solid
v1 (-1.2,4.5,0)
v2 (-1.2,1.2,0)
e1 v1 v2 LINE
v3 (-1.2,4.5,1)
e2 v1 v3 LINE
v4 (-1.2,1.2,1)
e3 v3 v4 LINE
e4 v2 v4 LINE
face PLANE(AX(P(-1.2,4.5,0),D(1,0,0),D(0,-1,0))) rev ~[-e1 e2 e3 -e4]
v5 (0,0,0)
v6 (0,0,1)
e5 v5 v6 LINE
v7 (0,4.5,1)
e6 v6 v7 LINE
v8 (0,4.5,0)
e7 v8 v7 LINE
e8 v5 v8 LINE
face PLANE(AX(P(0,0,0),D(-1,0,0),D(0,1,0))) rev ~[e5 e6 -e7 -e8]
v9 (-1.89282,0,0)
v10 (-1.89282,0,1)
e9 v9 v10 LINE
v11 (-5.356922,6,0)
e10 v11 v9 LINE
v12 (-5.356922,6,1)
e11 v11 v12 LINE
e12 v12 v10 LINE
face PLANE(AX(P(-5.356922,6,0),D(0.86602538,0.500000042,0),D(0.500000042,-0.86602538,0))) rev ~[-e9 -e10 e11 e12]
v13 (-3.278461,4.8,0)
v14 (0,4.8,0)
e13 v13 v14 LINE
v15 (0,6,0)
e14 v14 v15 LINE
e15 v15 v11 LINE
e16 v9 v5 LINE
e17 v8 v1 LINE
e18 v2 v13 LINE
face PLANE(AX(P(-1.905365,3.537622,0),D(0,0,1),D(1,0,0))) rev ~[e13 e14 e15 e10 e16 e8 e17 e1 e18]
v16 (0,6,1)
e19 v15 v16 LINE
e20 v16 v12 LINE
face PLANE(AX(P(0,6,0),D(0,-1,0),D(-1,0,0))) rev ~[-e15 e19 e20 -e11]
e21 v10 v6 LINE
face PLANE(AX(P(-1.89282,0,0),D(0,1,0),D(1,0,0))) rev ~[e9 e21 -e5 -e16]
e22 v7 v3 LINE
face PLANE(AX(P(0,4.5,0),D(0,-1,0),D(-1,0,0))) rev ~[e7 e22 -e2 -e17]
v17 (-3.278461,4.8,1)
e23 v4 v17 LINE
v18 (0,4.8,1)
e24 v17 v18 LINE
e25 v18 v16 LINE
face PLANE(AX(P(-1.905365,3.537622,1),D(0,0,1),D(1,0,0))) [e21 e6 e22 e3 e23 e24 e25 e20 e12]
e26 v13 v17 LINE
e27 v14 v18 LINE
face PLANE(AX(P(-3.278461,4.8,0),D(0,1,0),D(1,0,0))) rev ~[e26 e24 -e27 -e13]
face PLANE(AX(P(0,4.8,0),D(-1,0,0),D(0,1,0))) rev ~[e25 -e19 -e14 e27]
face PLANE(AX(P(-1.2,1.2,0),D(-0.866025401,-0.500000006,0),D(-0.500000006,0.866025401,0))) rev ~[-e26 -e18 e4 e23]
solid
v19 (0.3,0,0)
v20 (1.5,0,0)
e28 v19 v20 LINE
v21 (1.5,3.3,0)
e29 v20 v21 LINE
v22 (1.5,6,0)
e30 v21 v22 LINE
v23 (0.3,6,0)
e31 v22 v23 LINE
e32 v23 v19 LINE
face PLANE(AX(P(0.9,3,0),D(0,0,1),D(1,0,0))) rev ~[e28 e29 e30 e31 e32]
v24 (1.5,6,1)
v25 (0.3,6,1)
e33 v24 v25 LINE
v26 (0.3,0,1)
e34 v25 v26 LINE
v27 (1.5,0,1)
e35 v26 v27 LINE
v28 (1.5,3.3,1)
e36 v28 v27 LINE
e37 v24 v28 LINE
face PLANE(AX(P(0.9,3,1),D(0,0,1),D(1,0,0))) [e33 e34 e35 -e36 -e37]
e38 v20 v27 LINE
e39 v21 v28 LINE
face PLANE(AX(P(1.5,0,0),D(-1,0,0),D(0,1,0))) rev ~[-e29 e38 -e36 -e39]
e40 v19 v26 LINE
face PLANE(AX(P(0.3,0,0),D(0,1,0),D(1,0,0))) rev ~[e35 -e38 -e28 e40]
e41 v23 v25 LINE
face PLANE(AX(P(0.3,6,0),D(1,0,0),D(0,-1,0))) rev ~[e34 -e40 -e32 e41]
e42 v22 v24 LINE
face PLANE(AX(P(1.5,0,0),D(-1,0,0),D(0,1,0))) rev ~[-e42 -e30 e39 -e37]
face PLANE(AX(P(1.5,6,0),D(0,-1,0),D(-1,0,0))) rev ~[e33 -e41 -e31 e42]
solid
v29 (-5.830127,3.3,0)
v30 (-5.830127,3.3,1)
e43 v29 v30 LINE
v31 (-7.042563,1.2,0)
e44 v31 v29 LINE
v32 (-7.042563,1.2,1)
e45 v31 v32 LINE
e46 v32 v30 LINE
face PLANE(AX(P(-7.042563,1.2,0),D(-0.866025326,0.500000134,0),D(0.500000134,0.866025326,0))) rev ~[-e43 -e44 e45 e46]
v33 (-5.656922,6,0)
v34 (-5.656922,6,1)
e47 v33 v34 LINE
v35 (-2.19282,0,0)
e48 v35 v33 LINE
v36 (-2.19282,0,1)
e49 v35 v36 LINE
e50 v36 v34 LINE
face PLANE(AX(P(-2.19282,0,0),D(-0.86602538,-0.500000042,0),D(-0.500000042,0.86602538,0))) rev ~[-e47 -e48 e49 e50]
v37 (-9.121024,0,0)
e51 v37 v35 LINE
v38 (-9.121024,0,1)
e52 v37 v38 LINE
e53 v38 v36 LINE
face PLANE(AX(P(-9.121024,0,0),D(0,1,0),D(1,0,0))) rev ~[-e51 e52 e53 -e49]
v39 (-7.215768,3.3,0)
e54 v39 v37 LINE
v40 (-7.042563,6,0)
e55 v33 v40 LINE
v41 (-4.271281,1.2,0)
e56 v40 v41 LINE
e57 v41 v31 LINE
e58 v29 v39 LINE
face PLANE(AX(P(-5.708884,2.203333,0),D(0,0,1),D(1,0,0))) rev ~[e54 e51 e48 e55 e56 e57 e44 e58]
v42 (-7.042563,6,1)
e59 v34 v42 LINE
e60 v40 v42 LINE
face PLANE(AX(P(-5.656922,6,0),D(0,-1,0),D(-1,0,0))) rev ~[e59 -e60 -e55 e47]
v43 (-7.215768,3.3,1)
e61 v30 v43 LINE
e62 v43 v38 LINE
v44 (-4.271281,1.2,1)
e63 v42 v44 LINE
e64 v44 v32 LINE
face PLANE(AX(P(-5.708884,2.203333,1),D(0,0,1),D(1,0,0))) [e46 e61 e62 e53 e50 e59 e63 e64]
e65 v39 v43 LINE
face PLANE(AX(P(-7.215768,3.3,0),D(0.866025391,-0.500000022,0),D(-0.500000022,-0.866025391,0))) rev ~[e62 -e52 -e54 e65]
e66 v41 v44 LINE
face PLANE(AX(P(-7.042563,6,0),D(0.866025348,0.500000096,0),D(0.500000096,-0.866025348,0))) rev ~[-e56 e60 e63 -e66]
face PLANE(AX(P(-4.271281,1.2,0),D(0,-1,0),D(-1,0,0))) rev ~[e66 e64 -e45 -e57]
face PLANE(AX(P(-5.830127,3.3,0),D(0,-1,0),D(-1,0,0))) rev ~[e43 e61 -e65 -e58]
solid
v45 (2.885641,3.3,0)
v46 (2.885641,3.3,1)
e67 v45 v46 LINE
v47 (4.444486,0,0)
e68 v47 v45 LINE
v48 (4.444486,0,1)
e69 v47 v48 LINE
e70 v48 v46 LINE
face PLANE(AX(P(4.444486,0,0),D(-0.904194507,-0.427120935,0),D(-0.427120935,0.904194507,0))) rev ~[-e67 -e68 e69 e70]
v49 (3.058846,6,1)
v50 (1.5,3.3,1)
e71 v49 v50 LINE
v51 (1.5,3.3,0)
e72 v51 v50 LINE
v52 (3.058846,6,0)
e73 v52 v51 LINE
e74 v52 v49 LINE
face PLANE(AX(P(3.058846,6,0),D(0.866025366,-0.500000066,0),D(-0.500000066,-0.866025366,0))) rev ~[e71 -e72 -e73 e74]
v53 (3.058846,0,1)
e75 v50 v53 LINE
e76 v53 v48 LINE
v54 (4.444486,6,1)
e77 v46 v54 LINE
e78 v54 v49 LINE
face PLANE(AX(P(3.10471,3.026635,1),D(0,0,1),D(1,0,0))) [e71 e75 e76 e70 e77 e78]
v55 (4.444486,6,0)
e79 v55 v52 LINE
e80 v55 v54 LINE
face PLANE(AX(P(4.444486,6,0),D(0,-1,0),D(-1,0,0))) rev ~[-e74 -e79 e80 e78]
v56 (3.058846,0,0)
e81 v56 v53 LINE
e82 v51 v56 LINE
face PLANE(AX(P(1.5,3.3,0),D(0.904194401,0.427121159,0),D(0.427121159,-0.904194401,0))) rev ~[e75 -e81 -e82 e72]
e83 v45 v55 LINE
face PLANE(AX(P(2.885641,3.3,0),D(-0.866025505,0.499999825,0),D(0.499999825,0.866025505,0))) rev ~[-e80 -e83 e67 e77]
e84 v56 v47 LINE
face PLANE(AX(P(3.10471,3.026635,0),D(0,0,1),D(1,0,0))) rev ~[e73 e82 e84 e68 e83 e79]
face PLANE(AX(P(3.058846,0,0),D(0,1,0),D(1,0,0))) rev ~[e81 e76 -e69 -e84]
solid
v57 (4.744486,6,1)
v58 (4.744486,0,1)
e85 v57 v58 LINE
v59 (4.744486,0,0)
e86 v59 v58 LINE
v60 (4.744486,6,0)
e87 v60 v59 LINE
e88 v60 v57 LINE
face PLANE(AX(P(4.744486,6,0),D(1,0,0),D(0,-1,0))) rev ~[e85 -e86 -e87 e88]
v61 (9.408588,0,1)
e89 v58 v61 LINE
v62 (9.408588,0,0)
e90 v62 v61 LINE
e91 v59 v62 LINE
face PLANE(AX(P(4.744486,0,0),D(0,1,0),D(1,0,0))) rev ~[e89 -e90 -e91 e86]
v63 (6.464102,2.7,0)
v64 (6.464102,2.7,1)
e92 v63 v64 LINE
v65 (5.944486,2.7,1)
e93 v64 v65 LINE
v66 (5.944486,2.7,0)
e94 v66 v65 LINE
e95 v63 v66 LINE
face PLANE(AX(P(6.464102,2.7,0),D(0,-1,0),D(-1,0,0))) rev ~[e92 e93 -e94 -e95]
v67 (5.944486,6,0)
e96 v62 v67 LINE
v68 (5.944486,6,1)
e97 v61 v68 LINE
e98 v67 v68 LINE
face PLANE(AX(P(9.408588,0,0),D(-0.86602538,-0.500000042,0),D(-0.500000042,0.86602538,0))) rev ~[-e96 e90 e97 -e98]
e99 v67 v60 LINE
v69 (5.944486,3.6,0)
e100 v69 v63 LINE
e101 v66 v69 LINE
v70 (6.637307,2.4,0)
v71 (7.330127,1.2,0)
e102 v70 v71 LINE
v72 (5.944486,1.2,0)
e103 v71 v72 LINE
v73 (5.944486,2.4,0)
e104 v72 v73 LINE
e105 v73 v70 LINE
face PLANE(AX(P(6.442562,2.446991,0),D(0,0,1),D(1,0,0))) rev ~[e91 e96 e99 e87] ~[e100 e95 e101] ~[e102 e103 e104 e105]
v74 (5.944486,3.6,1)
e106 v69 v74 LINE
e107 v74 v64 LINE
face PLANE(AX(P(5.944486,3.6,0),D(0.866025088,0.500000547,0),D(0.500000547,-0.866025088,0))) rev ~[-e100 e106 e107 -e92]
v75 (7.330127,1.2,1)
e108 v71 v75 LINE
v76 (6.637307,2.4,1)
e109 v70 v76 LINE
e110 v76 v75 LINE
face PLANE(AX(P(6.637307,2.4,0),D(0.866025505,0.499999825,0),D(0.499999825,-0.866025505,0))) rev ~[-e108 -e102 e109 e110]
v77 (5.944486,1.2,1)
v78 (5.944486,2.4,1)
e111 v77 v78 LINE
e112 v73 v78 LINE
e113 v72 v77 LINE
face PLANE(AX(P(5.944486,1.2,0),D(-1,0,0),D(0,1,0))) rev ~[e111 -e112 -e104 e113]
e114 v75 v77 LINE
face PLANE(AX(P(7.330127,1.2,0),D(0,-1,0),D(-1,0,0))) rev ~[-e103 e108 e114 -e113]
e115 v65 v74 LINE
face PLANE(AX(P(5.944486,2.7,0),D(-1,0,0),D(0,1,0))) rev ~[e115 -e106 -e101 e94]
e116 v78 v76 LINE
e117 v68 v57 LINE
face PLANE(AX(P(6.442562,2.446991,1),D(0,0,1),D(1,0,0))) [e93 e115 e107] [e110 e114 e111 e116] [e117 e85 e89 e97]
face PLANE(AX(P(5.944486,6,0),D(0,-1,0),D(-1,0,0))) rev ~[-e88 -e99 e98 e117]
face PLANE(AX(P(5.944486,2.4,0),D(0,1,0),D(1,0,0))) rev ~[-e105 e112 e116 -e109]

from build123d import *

# Parameters (mm, degrees)
F1_DEPTH = 1


with BuildPart() as f1:
    # F0 (on Top) → F1 (new body)
    with BuildSketch(Plane.XY):
        Polygon((-5.656922, 6), (-7.042563, 6), (-4.271281, 1.2), (-7.042563, 1.2), (-5.830127, 3.3), (-7.215768, 3.3), (-9.121024, 0), (-2.19282, 0), align=None)
        Polygon((0, 6), (-5.356922, 6), (-1.89282, 0), (0, 0), (0, 4.5), (-1.2, 4.5), (-1.2, 1.2), (-3.278461, 4.8), (0, 4.8), align=None)
        Polygon((1.5, 6), (0.3, 6), (0.3, 0), (1.5, 0), (1.5, 3.3), align=None)
        Polygon((3.058846, 6), (1.5, 3.3), (3.058846, 0), (4.444486, 0), (2.885641, 3.3), (4.444486, 6), align=None)
        Polygon((5.944486, 6), (4.744486, 6), (4.744486, 0), (9.408588, 0), align=None)
        Polygon((5.944486, 1.2), (5.944486, 2.4), (6.637307, 2.4), (7.330127, 1.2), align=None, mode=Mode.SUBTRACT)
        Polygon((5.944486, 2.7), (5.944486, 3.6), (6.464102, 2.7), align=None, mode=Mode.SUBTRACT)
    extrude(amount=F1_DEPTH)


solid = f1.part
